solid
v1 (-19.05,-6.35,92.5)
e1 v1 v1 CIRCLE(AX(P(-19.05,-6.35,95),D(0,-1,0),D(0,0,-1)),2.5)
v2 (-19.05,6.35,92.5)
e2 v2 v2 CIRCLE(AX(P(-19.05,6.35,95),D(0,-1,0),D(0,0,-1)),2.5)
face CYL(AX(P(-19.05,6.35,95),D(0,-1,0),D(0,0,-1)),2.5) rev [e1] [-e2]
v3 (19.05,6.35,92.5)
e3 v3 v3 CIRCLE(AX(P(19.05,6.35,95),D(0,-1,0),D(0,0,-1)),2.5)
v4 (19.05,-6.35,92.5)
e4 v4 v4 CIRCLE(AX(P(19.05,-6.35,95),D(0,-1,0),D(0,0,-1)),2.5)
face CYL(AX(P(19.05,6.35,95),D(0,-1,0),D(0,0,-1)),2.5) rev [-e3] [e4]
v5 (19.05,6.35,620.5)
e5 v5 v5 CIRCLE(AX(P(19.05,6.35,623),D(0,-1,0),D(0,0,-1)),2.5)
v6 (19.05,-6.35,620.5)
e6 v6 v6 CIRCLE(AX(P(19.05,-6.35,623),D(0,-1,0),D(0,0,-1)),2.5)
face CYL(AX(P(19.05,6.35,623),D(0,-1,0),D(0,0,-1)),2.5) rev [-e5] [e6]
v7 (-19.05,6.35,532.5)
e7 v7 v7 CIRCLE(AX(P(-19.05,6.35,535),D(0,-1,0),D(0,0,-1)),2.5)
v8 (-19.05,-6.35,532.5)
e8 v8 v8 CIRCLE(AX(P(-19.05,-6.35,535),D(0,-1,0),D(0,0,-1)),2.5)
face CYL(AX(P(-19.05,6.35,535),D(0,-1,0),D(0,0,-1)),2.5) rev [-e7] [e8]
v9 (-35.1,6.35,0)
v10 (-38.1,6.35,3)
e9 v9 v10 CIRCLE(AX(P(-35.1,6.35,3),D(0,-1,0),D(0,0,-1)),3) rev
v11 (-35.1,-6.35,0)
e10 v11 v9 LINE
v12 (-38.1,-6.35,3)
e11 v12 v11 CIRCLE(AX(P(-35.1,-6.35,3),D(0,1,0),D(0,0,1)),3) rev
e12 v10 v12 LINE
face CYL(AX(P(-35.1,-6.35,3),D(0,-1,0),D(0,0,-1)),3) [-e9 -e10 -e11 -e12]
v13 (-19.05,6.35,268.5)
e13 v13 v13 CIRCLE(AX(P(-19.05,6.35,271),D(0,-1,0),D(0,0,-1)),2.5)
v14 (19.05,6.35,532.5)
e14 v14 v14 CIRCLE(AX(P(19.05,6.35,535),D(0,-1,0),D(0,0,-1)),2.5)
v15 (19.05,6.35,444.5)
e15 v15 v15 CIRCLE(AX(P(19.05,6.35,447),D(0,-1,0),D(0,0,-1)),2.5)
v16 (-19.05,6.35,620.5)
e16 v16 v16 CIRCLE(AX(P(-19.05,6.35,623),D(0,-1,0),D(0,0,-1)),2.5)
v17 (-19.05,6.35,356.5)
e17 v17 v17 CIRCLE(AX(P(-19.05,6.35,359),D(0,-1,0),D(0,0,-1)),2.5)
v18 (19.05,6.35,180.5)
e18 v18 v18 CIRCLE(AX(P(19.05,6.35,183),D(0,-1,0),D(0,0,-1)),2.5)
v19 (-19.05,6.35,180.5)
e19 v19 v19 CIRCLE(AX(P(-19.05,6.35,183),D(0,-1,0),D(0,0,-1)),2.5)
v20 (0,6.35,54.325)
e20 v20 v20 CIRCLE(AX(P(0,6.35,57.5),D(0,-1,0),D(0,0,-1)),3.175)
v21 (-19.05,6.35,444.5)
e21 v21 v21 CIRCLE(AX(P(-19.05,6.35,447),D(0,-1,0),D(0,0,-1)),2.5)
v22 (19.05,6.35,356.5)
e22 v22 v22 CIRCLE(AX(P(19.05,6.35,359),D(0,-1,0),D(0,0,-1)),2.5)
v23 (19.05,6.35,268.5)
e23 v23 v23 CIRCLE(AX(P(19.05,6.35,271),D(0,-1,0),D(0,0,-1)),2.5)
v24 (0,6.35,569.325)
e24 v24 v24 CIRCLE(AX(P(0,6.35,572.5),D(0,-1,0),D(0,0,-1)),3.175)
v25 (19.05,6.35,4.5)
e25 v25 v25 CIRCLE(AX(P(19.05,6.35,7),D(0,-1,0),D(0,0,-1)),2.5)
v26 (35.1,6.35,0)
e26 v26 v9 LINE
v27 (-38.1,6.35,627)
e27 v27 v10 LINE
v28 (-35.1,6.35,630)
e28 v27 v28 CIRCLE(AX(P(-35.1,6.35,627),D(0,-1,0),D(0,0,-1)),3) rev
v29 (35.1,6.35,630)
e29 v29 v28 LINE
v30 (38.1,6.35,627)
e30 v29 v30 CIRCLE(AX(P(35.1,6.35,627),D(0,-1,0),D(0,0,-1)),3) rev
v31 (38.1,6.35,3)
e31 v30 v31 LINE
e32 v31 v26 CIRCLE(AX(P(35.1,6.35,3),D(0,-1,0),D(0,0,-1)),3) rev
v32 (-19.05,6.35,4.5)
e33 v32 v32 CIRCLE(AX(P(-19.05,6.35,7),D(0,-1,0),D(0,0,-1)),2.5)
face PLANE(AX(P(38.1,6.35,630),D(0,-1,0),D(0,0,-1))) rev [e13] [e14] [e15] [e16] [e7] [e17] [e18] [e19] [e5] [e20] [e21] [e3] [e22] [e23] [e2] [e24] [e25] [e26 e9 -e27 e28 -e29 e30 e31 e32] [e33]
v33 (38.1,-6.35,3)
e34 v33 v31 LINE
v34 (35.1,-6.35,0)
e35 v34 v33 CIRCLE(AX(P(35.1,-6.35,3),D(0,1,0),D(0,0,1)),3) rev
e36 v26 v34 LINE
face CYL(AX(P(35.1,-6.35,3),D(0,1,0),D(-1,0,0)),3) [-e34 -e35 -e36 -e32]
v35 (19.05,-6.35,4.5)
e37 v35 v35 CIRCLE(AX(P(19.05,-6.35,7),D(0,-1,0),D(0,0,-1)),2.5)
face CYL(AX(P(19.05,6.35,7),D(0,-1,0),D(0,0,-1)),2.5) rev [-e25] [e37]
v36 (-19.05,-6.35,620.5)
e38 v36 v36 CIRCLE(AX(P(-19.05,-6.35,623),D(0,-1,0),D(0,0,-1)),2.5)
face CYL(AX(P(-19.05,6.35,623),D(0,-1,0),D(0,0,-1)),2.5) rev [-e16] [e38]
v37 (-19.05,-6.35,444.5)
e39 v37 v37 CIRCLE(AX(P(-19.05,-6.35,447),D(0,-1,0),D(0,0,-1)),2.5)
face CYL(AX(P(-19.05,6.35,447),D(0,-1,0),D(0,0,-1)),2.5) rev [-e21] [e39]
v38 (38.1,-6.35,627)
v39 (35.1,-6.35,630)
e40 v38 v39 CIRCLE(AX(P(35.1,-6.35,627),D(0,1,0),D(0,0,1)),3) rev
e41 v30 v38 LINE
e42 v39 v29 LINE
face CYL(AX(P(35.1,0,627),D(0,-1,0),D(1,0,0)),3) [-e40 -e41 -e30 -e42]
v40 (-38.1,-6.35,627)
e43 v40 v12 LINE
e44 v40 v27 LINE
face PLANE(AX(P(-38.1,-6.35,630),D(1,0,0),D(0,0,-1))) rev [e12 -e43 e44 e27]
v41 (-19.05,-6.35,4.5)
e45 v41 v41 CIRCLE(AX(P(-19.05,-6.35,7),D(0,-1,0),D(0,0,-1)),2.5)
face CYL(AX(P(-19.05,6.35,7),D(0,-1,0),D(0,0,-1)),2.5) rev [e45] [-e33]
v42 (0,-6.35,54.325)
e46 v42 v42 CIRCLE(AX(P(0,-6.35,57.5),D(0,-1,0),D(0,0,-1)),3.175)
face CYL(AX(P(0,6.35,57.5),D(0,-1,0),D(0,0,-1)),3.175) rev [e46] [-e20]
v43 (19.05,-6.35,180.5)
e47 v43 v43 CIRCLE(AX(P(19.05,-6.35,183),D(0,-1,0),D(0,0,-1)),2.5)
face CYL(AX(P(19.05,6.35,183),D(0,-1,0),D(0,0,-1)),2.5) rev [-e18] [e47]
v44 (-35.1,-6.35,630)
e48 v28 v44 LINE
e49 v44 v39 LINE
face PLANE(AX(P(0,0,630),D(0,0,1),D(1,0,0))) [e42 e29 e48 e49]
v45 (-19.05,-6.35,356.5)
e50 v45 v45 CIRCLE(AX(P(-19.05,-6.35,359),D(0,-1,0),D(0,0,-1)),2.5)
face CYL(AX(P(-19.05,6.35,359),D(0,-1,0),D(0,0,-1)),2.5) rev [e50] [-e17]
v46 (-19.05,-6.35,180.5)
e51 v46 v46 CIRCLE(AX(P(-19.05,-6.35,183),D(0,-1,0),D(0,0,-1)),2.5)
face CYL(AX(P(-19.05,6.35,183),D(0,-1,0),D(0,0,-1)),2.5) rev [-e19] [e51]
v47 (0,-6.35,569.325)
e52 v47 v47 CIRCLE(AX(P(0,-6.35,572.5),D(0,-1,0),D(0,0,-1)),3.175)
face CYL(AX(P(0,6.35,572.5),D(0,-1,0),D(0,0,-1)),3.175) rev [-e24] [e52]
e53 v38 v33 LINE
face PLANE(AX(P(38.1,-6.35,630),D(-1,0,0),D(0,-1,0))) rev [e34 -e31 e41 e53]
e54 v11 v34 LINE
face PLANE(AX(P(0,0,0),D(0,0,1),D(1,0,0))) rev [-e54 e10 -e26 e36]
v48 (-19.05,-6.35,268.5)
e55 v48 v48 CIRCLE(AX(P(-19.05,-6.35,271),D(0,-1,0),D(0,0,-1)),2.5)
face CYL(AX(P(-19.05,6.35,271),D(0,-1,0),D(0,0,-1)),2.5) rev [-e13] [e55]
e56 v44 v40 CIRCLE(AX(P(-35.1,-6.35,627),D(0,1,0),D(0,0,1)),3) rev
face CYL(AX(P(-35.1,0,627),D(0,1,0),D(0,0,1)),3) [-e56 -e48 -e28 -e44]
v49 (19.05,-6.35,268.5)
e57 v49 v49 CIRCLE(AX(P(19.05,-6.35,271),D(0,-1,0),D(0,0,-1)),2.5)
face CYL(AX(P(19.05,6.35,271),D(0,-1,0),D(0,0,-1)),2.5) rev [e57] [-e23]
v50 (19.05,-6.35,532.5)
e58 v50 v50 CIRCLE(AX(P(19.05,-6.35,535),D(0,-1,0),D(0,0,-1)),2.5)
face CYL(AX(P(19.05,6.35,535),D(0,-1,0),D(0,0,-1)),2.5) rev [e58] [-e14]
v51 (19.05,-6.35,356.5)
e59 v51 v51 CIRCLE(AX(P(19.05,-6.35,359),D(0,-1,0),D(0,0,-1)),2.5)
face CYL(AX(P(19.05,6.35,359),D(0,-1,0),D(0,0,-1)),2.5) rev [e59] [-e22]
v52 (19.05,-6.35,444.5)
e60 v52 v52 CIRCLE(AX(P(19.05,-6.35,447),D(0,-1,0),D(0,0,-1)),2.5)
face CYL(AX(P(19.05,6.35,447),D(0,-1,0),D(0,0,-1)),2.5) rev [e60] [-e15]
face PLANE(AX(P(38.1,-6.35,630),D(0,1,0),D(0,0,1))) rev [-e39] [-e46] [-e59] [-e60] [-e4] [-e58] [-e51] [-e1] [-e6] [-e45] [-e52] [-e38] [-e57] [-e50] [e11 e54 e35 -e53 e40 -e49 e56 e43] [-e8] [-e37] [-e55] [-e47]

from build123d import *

# Parameters (mm, degrees)
SKETCH1_W           = 76.2
SKETCH1_H           = 12.7
BOSS_EXTRUDE1_DEPTH = 630
SKETCH2_R           = 3.175
CUT_EXTRUDE1_DEPTH  = 632.278781522
SKETCH3_R           = 2.5
CUT_EXTRUDE2_DEPTH  = 632.278781522
FILLET1_R           = 3


with BuildPart() as part:
    # Sketch1 → Boss-Extrude1 (new body)
    with BuildSketch(Plane.XY):
        Rectangle(SKETCH1_W, SKETCH1_H)
    extrude(amount=BOSS_EXTRUDE1_DEPTH)

    # Sketch2 → Cut-Extrude1 (cut, through all)
    with BuildSketch(Plane.XZ.offset(6.35)):
        with Locations(Location((0, 57.5, 0), (0, 0, 270))):
            Circle(SKETCH2_R)
        with Locations(Location((0, 572.5, 0), (0, 0, 270))):
            Circle(SKETCH2_R)
    extrude(amount=-CUT_EXTRUDE1_DEPTH, mode=Mode.SUBTRACT)

    # Sketch3 → Cut-Extrude2 (cut, through all)
    with BuildSketch(Plane.XZ.offset(6.35)):
        with Locations(Location((19.05, 7, 0), (0, 0, 270))):
            Circle(SKETCH3_R)
        with Locations(Location((-19.05, 7, 0), (0, 0, 270))):
            Circle(SKETCH3_R)
        with Locations(Location((-19.05, 95, 0), (0, 0, 270))):
            Circle(SKETCH3_R)
        with Locations(Location((-19.05, 183, 0), (0, 0, 270))):
            Circle(SKETCH3_R)
        with Locations(Location((-19.05, 271, 0), (0, 0, 270))):
            Circle(SKETCH3_R)
        with Locations(Location((-19.05, 359, 0), (0, 0, 270))):
            Circle(SKETCH3_R)
        with Locations(Location((-19.05, 447, 0), (0, 0, 270))):
            Circle(SKETCH3_R)
        with Locations(Location((-19.05, 535, 0), (0, 0, 270))):
            Circle(SKETCH3_R)
        with Locations(Location((-19.05, 623, 0), (0, 0, 270))):
            Circle(SKETCH3_R)
        with Locations(Location((19.05, 95, 0), (0, 0, 270))):
            Circle(SKETCH3_R)
        with Locations(Location((19.05, 183, 0), (0, 0, 270))):
            Circle(SKETCH3_R)
        with Locations(Location((19.05, 271, 0), (0, 0, 270))):
            Circle(SKETCH3_R)
        with Locations(Location((19.05, 359, 0), (0, 0, 270))):
            Circle(SKETCH3_R)
        with Locations(Location((19.05, 447, 0), (0, 0, 270))):
            Circle(SKETCH3_R)
        with Locations(Location((19.05, 535, 0), (0, 0, 270))):
            Circle(SKETCH3_R)
        with Locations(Location((19.05, 623, 0), (0, 0, 270))):
            Circle(SKETCH3_R)
    extrude(amount=-CUT_EXTRUDE2_DEPTH, mode=Mode.SUBTRACT)

    # Fillet1
    fillet1_edges = [part.edges().sort_by_distance(p)[0] for p in [
        (38.1, 0, 630),
        (-38.1, 0, 630),
        (38.1, 0, 0),
        (-38.1, 0, 0),
    ]]
    fillet(fillet1_edges, radius=FILLET1_R)


solid = part.part
